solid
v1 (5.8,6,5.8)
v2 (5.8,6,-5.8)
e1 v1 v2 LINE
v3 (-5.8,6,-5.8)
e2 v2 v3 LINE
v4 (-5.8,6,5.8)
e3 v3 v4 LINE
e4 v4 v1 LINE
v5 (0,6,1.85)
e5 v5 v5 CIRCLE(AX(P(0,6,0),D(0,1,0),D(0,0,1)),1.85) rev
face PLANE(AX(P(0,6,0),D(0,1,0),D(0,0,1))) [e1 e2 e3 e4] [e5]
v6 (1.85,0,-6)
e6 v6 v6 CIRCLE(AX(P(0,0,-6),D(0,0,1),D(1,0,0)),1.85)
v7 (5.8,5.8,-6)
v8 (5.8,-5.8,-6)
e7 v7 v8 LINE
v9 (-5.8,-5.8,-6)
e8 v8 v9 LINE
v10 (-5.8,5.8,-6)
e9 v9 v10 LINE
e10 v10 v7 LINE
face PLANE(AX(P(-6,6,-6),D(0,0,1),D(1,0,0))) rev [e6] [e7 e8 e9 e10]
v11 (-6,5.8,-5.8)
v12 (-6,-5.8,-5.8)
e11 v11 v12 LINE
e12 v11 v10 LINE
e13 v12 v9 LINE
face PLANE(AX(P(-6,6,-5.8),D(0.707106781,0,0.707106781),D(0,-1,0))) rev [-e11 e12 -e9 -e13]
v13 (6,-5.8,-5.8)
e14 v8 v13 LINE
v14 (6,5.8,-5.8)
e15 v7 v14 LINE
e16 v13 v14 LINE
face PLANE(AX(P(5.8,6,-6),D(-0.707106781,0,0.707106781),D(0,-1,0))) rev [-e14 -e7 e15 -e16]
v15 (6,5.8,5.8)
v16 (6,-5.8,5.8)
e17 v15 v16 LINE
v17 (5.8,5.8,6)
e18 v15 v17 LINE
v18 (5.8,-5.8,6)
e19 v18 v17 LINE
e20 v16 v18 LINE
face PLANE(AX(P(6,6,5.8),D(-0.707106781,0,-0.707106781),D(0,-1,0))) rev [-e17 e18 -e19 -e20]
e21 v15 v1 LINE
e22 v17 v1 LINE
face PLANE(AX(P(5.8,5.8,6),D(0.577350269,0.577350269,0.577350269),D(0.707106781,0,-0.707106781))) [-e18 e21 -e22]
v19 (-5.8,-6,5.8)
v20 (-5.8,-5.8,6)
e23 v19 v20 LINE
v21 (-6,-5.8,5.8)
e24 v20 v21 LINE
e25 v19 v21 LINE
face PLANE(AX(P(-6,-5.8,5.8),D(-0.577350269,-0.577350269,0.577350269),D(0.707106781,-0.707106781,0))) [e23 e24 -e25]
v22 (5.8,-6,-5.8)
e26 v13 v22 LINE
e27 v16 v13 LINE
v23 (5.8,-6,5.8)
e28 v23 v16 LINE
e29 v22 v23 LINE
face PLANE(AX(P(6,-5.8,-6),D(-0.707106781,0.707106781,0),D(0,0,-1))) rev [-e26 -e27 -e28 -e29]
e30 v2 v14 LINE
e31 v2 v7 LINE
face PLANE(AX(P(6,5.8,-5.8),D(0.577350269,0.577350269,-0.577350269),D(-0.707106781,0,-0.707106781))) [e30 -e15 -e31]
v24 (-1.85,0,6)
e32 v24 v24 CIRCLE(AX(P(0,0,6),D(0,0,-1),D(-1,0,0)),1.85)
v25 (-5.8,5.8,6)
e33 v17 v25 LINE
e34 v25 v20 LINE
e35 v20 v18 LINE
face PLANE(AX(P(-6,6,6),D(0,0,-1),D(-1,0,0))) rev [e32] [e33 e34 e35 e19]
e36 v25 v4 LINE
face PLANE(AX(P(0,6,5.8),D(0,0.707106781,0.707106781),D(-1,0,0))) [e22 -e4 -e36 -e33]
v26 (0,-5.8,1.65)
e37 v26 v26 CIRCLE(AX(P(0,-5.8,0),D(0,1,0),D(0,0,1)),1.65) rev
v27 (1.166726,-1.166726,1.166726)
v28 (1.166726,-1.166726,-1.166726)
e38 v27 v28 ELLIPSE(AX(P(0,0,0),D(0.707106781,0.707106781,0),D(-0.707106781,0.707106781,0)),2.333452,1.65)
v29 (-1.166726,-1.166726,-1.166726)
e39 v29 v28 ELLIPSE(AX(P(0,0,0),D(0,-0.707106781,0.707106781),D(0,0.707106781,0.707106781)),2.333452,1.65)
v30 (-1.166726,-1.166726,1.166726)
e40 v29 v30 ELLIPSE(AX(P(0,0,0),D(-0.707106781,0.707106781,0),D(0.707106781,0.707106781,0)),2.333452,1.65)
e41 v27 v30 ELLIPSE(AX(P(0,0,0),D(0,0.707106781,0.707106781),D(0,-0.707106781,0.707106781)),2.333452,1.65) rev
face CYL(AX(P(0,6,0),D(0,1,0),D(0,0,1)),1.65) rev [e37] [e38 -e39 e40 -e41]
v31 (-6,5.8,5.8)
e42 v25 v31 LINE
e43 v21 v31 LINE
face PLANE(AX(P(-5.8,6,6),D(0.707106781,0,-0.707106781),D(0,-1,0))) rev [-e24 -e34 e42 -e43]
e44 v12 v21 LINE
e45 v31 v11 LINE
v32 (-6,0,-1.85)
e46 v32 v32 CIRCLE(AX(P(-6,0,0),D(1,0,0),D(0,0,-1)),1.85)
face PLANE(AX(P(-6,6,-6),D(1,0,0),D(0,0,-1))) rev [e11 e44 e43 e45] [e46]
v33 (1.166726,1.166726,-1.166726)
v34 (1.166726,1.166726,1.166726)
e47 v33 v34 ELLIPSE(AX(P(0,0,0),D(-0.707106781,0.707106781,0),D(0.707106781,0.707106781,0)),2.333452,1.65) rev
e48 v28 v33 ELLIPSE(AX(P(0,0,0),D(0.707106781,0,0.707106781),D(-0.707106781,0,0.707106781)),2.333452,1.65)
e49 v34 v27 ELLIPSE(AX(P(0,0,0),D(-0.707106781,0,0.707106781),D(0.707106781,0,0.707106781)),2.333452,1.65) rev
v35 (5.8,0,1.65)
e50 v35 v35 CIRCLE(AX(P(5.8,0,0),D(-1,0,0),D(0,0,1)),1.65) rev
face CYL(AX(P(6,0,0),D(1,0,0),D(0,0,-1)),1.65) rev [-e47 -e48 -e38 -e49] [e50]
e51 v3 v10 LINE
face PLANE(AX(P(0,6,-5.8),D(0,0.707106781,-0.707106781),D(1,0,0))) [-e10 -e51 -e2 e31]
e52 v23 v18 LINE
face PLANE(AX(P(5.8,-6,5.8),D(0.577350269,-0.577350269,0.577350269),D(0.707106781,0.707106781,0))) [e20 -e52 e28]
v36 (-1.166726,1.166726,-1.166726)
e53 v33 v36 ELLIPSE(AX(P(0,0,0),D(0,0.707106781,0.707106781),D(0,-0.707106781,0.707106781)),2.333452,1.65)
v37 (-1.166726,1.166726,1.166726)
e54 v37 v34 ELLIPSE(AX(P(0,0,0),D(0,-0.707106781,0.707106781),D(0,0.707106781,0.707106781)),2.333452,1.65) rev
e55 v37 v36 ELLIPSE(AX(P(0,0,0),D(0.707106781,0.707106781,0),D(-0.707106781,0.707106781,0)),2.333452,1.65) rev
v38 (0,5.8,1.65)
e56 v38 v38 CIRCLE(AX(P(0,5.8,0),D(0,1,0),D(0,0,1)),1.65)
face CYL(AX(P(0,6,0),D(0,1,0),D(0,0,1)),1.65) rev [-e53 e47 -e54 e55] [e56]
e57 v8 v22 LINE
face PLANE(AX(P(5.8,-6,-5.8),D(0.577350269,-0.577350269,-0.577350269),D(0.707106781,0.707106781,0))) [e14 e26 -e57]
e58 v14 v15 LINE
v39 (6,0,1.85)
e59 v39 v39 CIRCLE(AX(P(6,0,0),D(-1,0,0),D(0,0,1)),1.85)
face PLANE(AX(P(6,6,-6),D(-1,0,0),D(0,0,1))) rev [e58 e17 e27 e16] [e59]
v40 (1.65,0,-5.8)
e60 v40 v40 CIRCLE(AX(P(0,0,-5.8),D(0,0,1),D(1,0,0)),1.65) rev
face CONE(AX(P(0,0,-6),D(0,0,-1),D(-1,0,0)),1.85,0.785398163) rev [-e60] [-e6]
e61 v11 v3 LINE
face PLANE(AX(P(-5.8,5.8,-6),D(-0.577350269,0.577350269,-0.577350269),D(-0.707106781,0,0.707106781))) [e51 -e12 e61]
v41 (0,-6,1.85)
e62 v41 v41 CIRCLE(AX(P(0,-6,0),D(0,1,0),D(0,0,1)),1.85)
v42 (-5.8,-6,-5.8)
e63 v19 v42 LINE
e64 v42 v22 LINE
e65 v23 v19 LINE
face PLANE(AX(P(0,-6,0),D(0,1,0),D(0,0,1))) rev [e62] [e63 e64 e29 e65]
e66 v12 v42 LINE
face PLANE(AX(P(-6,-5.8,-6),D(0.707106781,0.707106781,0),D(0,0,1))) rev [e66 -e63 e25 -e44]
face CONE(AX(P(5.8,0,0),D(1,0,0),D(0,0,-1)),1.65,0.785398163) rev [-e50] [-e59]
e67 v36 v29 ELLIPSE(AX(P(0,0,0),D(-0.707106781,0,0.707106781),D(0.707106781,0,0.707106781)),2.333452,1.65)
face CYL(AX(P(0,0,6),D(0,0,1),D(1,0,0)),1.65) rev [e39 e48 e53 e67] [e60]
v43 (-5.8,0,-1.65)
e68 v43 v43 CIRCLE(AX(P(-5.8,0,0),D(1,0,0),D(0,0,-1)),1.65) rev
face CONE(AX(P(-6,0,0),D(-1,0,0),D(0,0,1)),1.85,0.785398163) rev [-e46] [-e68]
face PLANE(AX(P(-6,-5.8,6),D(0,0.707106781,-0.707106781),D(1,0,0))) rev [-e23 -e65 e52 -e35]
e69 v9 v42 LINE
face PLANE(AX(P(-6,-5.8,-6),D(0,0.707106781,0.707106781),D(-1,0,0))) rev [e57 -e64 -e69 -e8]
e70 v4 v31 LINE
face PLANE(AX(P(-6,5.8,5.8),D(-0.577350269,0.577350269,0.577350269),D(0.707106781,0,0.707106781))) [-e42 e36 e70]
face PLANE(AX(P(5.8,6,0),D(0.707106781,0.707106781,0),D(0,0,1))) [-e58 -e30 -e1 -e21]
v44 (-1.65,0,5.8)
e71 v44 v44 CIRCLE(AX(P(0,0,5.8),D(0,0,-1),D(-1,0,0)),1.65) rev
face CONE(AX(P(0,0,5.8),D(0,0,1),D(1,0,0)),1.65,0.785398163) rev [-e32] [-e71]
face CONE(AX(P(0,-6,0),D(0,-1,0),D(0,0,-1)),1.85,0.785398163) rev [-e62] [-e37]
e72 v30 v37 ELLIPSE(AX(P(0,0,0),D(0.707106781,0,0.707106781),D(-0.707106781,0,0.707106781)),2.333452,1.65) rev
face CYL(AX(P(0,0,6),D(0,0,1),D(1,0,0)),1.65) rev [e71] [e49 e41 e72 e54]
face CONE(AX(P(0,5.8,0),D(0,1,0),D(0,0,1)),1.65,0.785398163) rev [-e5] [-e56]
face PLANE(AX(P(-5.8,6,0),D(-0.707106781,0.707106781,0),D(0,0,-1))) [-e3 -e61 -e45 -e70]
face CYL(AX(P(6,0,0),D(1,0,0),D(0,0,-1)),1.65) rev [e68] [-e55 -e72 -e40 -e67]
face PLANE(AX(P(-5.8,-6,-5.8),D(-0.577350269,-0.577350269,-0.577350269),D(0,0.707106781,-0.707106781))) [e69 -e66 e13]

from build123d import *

# Parameters (mm, degrees)
SKETCH_1_W         = 12
SKETCH_1_H         = 12
EXTRUDE_1_DEPTH    = 6
HOLE_WIZARD_M4_1_D = 3.3
HOLE_WIZARD_M4_2_D = 3.3
HOLE_WIZARD_M4_3_D = 3.3
CHAMFER_1_SIZE     = 0.2


with BuildPart() as part:
    # 草图1 → 凸台-拉伸1 (new, symmetric)
    with BuildSketch(Plane(origin=(0, 0, 0), x_dir=(1, 0, 0), z_dir=(0, 1, 0))):
        Rectangle(SKETCH_1_W, SKETCH_1_H)
    extrude(amount=EXTRUDE_1_DEPTH, both=True)

    # M4 螺纹孔1 (through all)
    with Locations(Plane.XY.offset(6)):
        with Locations((0, 0)):
            Hole(HOLE_WIZARD_M4_1_D / 2)

    # M4 螺纹孔2 (through all)
    with Locations(Plane(origin=(0, 6, 0), x_dir=(1, 0, 0), z_dir=(0, 1, 0))):
        with Locations((0, 0)):
            Hole(HOLE_WIZARD_M4_2_D / 2)

    # M4 螺纹孔3 (through all)
    with Locations(Plane(origin=(6, 0, 0), x_dir=(0, 0, -1), z_dir=(1, 0, 0))):
        with Locations((0, 0)):
            Hole(HOLE_WIZARD_M4_3_D / 2)

    # 倒角1
    chamfer_1_edges = [part.edges().sort_by_distance(p)[0] for p in [
        (-6, 6, 0),
        (1.65, 0, 6),
        (1.65, 0, -6),
        (0, 6, 6),
        (1.65, -6, 0),
        (1.65, 6, 0),
        (-6, 0, -1.65),
        (6, 0, -1.65),
        (6, 6, 0),
        (0, -6, 6),
        (-6, -6, 0),
        (0, -6, -6),
        (6, -6, 0),
        (6, 0, 6),
        (-6, 0, 6),
        (-6, 0, -6),
        (6, 0, -6),
        (0, 6, -6),
    ]]
    chamfer(chamfer_1_edges, length=CHAMFER_1_SIZE)


solid = part.part
